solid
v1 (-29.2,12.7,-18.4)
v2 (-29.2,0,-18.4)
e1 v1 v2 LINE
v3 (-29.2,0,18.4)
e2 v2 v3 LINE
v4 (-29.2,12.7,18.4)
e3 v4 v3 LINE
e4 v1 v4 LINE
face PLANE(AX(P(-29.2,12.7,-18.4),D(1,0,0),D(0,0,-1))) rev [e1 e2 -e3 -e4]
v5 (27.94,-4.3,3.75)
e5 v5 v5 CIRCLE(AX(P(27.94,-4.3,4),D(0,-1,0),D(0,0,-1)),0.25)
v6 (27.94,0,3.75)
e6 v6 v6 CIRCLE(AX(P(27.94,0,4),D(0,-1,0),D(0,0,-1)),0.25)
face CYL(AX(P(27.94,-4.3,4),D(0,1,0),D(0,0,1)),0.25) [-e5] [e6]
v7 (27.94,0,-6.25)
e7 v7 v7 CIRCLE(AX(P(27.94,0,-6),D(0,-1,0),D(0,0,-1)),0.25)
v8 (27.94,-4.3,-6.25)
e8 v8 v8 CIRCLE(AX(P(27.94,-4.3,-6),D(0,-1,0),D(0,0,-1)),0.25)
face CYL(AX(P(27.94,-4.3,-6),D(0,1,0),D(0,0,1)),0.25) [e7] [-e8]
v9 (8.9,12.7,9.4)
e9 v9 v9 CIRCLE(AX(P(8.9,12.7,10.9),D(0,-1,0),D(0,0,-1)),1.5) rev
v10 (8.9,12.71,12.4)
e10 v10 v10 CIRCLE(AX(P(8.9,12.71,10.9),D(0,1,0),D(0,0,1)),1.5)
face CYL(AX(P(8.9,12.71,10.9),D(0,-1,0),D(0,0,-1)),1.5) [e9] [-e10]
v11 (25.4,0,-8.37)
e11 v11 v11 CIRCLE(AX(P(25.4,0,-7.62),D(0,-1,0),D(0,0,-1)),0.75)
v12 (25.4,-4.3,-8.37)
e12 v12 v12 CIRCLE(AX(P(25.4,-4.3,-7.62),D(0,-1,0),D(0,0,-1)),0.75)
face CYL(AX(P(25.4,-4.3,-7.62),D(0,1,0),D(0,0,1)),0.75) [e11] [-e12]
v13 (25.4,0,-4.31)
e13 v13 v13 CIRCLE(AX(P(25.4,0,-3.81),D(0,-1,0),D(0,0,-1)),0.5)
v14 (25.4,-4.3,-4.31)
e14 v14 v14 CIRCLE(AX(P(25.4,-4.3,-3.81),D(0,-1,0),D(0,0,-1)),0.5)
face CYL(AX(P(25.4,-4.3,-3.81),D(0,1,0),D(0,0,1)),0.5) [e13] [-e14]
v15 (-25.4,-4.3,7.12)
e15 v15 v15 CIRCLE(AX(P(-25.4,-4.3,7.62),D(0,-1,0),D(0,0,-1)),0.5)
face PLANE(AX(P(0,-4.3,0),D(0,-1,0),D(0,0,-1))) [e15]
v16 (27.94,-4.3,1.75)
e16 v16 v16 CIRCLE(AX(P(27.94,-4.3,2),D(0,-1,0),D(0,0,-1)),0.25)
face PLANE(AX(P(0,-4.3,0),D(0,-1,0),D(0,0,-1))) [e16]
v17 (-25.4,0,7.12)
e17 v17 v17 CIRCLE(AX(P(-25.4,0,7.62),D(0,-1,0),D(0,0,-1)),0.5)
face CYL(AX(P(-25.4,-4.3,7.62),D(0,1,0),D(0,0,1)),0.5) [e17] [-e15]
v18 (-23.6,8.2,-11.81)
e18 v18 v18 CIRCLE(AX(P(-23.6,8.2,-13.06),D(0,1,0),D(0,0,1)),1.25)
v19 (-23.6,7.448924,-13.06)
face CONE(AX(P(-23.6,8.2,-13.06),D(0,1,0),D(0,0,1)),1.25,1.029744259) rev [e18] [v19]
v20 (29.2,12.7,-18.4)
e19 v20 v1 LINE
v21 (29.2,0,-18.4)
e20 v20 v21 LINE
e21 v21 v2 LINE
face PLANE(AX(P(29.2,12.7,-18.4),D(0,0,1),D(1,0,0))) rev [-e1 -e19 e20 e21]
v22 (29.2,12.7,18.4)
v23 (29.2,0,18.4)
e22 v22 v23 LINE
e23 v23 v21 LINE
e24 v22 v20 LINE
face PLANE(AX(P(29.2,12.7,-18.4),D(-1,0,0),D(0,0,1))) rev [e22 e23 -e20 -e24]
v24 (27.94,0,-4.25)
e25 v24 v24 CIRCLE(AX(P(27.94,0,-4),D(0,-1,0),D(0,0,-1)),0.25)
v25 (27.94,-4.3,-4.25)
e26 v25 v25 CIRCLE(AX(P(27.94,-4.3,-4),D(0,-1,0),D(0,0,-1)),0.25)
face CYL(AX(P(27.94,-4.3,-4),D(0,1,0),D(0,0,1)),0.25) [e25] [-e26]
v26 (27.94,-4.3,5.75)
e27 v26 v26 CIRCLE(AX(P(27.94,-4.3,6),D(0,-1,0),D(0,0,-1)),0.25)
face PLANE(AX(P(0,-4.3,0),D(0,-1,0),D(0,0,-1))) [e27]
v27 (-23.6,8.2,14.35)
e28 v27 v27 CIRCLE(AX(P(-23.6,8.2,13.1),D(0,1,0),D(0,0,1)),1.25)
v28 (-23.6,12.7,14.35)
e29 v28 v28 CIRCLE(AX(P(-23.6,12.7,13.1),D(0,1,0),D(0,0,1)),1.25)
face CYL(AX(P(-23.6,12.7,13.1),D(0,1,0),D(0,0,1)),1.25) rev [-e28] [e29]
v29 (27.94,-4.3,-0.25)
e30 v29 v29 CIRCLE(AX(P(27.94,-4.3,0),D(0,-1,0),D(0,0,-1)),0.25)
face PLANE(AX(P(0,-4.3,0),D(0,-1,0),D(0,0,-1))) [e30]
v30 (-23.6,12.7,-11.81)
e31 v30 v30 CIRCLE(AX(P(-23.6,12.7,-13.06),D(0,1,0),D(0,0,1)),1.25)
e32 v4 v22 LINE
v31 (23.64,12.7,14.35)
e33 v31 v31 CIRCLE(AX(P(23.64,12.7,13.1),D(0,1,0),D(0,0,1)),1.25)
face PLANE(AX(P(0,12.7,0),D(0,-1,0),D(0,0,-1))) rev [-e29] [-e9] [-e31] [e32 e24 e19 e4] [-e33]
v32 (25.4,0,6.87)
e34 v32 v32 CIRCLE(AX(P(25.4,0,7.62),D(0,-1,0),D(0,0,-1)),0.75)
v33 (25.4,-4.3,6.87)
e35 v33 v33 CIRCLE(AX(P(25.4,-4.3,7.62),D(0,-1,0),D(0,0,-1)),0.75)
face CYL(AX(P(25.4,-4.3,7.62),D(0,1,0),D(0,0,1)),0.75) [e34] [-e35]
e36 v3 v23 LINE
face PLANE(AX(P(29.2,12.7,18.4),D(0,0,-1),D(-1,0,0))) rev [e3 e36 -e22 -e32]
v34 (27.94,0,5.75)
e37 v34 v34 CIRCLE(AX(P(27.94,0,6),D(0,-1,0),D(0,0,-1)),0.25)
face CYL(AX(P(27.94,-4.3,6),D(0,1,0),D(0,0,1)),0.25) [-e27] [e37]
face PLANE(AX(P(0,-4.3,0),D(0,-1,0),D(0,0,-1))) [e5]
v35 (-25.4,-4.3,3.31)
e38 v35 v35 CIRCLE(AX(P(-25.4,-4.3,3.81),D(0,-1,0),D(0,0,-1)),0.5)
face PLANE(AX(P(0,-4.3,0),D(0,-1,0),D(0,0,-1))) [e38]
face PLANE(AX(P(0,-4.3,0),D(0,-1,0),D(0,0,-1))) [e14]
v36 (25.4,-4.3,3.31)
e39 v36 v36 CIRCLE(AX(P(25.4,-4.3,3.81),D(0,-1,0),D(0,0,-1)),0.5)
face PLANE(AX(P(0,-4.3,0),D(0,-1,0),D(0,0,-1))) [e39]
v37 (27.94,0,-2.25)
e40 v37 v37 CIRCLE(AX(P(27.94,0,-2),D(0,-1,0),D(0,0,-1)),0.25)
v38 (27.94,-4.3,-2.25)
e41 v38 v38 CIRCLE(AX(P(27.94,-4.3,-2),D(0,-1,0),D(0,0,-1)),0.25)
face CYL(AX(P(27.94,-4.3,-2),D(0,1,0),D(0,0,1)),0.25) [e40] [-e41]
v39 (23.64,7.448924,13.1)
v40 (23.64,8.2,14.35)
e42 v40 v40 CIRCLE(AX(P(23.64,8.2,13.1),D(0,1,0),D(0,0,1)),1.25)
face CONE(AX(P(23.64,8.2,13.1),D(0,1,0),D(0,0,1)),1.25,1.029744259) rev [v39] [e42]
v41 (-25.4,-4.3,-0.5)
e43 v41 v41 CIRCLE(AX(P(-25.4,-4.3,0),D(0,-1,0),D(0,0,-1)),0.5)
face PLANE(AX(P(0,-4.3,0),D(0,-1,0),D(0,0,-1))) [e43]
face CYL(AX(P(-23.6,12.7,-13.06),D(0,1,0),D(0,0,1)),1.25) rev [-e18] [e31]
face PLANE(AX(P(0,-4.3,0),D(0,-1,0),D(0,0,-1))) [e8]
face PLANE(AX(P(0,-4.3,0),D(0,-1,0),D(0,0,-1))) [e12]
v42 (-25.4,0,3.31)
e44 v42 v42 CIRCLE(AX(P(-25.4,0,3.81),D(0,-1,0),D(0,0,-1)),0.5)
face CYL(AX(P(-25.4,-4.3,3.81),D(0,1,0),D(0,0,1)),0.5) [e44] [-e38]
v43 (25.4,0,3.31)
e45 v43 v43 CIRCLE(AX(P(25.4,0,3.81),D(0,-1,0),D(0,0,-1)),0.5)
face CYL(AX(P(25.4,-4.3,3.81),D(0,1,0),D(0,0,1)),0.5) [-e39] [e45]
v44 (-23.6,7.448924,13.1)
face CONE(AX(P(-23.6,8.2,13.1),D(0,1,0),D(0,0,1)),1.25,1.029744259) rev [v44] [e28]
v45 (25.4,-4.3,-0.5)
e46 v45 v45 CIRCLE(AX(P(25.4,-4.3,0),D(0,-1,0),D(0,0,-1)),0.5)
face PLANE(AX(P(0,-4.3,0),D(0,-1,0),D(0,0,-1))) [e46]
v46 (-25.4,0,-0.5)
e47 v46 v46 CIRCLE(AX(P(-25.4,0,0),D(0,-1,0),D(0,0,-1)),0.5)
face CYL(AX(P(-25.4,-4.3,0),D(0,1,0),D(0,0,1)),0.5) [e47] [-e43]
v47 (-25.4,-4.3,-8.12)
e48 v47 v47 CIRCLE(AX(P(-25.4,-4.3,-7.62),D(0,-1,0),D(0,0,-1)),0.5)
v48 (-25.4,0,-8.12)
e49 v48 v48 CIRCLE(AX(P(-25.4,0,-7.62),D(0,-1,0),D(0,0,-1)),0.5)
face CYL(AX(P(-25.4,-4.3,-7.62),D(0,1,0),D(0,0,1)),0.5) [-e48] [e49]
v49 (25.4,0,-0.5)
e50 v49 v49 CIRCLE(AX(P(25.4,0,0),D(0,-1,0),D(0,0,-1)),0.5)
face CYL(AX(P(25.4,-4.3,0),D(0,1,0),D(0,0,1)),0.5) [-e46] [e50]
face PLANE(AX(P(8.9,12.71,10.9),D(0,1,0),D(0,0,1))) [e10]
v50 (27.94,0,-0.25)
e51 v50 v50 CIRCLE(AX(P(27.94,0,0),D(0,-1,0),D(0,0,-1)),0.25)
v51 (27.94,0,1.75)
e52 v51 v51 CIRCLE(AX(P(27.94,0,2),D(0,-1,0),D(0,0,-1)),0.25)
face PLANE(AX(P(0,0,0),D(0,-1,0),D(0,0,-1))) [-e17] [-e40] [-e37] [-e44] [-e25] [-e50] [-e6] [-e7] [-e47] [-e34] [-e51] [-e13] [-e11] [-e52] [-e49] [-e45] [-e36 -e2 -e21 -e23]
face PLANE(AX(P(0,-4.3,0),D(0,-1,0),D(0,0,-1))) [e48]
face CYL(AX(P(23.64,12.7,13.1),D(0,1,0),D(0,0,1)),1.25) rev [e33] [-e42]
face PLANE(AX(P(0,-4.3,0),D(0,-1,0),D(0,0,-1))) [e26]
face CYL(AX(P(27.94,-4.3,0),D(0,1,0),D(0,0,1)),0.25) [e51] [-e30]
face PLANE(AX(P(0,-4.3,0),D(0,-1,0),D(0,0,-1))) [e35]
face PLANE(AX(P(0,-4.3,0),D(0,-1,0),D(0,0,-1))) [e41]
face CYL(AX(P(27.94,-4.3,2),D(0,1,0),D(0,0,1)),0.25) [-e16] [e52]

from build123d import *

# Parameters (mm, degrees)
SKETCH1_W                 = 58.4
SKETCH1_H                 = 36.8
BOSS_EXTRUDE1_DEPTH       = 12.7
SKETCH2_R                 = 0.5
SKETCH2_R_2               = 0.75
SKETCH2_R_3               = 0.25
BOSS_EXTRUDE2_DEPTH       = 4.3
M3X0_5_TAPPED_HOLE1_D     = 2.5
M3X0_5_TAPPED_HOLE1_DEPTH = 4.5
M3X0_5_TAPPED_HOLE1_TIP   = 0.751075774
SKETCH6_R                 = 1.5
BOSS_EXTRUDE3_DEPTH       = 0.01


with BuildPart() as part:
    # Sketch1 → Boss-Extrude1 (new body)
    with BuildSketch(Plane(origin=(0, 0, 0), x_dir=(1, 0, 0), z_dir=(0, 1, 0))):
        Rectangle(SKETCH1_W, SKETCH1_H)
    extrude(amount=BOSS_EXTRUDE1_DEPTH)

    # Sketch2 → Boss-Extrude2 (add)
    with BuildSketch(Plane.XZ):
        with Locations((-25.4, 0)):
            Circle(SKETCH2_R)
        with Locations((-25.4, 3.81)):
            Circle(SKETCH2_R)
        with Locations((-25.4, 7.62)):
            Circle(SKETCH2_R)
        with Locations((-25.4, -7.62)):
            Circle(SKETCH2_R)
        with Locations((25.4, 7.62)):
            Circle(SKETCH2_R_2)
        with Locations((25.4, 3.81)):
            Circle(SKETCH2_R)
        with Locations((25.4, 0)):
            Circle(SKETCH2_R)
        with Locations((25.4, -3.81)):
            Circle(SKETCH2_R)
        with Locations((25.4, -7.62)):
            Circle(SKETCH2_R_2)
        with Locations((27.94, 0)):
            Circle(SKETCH2_R_3)
        with Locations((27.94, -2)):
            Circle(SKETCH2_R_3)
        with Locations((27.94, -4)):
            Circle(SKETCH2_R_3)
        with Locations((27.94, -6)):
            Circle(SKETCH2_R_3)
        with Locations((27.94, 2)):
            Circle(SKETCH2_R_3)
        with Locations((27.94, 4)):
            Circle(SKETCH2_R_3)
        with Locations((27.94, 6)):
            Circle(SKETCH2_R_3)
    extrude(amount=BOSS_EXTRUDE2_DEPTH)

    # M3x0.5 Tapped Hole1
    with Locations(Plane(origin=(-23.6, 12.7, -13.06), x_dir=(0, 0, 1), z_dir=(0, 1, 0))):
        with Locations((0, 0), (26.16, 0), (26.16, 47.24)):
            Hole(M3X0_5_TAPPED_HOLE1_D / 2, depth=M3X0_5_TAPPED_HOLE1_DEPTH)
            with Locations((0, 0, -(M3X0_5_TAPPED_HOLE1_DEPTH + M3X0_5_TAPPED_HOLE1_TIP / 2))):  # 118° drill point
                Cone(0, M3X0_5_TAPPED_HOLE1_D / 2, M3X0_5_TAPPED_HOLE1_TIP, mode=Mode.SUBTRACT)

    # Sketch6 → Boss-Extrude3 (add)
    with BuildSketch(Plane(origin=(0, 12.7, 0), x_dir=(1, 0, 0), z_dir=(0, 1, 0))):
        with Locations((8.9, -10.9)):
            Circle(SKETCH6_R)
    extrude(amount=BOSS_EXTRUDE3_DEPTH)


solid = part.part
